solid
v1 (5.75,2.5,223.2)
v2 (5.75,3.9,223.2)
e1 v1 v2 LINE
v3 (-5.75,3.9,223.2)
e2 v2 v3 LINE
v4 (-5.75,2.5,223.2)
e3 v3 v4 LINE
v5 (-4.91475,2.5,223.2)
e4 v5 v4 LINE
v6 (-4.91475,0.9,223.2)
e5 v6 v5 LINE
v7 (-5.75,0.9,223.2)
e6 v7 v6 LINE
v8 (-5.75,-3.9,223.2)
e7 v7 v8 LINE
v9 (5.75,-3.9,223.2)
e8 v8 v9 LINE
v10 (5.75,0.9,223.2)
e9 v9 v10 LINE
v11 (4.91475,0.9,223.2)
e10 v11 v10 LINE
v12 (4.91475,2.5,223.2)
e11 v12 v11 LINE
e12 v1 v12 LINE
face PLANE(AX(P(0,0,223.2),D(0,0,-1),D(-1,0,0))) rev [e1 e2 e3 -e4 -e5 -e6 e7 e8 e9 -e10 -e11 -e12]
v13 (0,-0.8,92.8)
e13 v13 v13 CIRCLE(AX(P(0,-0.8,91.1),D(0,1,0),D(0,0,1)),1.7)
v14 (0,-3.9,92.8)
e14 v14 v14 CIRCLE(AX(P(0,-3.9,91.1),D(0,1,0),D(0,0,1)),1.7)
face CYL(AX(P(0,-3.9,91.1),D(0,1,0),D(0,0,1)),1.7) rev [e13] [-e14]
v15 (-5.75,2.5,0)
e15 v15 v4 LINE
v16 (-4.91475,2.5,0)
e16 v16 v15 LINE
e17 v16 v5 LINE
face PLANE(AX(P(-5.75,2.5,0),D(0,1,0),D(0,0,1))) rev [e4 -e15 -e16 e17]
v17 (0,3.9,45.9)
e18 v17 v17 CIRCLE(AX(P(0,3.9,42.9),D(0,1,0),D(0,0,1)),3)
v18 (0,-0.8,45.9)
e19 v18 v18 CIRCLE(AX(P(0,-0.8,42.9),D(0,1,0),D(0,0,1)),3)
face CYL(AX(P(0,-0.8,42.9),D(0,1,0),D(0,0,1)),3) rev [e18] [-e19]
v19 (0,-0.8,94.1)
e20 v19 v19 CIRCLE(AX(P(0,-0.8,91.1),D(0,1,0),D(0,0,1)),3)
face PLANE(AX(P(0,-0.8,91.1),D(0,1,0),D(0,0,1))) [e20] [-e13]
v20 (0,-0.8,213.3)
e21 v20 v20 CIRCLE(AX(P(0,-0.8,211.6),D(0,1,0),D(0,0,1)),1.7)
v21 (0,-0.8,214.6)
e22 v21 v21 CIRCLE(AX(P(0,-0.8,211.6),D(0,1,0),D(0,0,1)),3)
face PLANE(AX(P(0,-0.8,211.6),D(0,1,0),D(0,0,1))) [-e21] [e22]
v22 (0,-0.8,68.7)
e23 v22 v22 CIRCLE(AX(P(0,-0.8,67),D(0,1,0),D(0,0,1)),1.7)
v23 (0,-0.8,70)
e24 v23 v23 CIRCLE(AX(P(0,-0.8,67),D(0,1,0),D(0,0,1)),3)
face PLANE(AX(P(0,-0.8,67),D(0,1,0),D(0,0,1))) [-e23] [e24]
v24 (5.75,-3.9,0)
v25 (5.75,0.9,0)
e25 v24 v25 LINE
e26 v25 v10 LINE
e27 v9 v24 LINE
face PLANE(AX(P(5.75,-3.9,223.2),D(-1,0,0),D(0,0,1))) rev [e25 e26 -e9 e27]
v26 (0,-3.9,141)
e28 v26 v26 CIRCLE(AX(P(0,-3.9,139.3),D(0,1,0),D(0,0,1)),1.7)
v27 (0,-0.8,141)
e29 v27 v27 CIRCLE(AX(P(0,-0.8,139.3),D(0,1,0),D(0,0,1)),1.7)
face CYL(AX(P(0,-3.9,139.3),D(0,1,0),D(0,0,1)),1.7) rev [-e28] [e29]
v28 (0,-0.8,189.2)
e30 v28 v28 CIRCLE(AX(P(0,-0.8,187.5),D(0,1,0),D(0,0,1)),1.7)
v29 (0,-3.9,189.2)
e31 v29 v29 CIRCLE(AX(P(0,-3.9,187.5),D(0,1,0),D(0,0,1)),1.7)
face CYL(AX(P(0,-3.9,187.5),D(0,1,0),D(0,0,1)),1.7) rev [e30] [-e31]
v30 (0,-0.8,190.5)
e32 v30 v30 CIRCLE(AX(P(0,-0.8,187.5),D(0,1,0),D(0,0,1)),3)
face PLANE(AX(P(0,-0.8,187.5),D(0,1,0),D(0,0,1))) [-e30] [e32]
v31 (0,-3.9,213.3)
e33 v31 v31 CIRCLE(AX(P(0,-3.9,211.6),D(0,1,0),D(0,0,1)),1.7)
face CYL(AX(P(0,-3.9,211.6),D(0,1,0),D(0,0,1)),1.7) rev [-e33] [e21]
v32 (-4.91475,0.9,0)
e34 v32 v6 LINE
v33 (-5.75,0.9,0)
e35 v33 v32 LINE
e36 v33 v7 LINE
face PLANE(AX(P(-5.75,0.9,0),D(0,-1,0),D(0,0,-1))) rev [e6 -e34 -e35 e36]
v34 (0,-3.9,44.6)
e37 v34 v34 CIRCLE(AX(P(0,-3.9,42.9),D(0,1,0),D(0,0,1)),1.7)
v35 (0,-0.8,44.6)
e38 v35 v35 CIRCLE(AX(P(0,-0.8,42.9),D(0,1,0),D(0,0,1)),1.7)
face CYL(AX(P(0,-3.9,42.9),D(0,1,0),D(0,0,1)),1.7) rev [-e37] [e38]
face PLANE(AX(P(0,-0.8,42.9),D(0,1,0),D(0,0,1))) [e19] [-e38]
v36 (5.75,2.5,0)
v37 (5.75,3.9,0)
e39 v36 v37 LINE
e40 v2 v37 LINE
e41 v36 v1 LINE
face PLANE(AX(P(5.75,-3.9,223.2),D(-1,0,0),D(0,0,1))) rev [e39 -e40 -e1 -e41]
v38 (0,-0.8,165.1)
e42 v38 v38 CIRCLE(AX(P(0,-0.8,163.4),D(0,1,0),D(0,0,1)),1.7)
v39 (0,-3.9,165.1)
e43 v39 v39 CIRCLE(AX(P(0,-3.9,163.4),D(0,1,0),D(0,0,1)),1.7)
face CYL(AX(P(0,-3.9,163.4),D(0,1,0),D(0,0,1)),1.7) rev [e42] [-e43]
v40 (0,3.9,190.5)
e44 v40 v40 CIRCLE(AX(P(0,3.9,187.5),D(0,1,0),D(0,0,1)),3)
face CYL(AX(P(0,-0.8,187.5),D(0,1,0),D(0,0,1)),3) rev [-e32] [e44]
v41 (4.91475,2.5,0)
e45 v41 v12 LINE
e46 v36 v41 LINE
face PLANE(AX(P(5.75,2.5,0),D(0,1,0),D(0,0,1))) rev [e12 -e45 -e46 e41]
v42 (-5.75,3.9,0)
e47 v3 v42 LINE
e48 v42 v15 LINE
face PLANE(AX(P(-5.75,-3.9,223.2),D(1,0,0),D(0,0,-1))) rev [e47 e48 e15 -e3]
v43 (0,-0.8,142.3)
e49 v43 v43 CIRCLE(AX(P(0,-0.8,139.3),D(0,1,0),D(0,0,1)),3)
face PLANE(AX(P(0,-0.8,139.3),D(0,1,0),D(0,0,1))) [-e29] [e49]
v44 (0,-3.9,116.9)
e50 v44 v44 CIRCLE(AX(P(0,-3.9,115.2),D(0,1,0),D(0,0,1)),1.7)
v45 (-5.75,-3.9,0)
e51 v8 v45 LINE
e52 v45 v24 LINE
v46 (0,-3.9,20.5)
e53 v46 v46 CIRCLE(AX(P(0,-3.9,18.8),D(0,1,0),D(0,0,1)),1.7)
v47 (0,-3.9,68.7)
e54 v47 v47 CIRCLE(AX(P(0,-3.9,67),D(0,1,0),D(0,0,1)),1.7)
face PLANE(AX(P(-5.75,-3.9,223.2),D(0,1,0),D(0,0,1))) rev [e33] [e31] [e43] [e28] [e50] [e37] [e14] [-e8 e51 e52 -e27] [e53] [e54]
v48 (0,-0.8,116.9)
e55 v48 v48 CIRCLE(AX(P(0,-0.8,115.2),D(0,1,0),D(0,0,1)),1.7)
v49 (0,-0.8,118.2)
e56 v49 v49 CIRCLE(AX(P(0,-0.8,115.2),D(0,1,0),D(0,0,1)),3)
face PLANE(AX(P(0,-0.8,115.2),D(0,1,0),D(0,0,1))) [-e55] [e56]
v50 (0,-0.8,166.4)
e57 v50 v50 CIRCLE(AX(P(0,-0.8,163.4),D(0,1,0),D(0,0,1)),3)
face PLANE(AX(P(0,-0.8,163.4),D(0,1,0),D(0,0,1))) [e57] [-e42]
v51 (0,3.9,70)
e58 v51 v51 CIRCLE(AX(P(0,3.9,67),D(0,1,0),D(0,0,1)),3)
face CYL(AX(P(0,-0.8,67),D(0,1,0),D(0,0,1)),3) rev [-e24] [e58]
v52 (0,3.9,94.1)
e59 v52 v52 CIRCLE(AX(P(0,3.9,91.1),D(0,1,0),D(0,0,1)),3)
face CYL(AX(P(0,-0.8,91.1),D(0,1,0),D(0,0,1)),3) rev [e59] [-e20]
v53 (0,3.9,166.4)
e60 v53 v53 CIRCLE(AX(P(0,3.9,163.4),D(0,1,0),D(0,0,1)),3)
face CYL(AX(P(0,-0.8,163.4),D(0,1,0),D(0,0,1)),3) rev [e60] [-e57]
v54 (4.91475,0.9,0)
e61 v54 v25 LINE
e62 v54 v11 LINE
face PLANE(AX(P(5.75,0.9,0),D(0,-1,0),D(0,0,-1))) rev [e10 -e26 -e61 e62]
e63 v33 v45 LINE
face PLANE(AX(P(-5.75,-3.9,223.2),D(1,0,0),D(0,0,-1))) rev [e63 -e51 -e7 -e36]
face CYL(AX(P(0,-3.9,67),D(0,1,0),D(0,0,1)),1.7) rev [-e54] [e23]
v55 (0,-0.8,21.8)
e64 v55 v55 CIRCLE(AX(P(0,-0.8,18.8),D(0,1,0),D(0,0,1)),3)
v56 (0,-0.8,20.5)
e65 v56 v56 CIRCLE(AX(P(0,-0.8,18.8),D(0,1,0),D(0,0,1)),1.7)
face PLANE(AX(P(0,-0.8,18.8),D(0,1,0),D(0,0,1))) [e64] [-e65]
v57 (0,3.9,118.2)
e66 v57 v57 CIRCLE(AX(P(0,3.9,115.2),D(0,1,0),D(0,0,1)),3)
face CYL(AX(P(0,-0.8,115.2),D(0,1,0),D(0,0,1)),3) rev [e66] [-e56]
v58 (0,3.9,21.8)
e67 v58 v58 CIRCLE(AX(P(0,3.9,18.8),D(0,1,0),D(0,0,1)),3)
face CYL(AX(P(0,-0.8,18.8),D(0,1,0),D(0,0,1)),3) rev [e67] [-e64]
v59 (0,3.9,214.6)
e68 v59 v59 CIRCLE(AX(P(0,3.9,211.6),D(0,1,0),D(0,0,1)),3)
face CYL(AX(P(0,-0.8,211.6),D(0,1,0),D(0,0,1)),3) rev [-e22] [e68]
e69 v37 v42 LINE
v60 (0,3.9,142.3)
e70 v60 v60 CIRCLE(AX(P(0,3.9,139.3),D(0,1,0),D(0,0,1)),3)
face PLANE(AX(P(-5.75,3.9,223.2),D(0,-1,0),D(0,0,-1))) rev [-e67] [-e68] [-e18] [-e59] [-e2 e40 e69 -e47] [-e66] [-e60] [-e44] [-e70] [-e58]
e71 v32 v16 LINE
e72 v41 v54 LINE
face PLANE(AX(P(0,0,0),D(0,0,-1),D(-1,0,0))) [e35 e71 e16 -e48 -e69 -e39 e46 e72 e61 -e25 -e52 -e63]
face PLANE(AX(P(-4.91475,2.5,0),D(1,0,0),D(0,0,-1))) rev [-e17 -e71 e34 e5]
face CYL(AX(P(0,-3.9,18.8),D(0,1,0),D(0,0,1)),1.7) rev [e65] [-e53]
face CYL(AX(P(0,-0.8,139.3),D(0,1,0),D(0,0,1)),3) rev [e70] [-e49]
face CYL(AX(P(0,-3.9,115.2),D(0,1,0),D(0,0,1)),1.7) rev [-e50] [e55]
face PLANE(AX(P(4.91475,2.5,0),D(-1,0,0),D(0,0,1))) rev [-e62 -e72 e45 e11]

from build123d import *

# Parameters (mm, degrees)
SKETCH1_W           = 11.5
SKETCH1_H           = 7.8
BOSS_EXTRUDE1_DEPTH = 223.2
SKETCH2_W           = 0.835250229
SKETCH2_H           = 1.6
CUT_EXTRUDE1_DEPTH  = 224.308111138
SKETCH3_R           = 3
CUT_EXTRUDE2_DEPTH  = 4.7
SKETCH4_R           = 1.7
CUT_EXTRUDE3_DEPTH  = 224.323515331


with BuildPart() as part:
    # Sketch1 → Boss-Extrude1 (new body)
    with BuildSketch(Plane.XY):
        Rectangle(SKETCH1_W, SKETCH1_H)
    extrude(amount=BOSS_EXTRUDE1_DEPTH)

    # Sketch2 → Cut-Extrude1 (cut, through all)
    with BuildSketch(Plane.XY.offset(223.2)):
        with Locations((5.332374886, 1.7)):
            Rectangle(SKETCH2_W, SKETCH2_H)
        with Locations((-5.332374886, 1.7)):
            Rectangle(SKETCH2_W, SKETCH2_H)
    extrude(amount=-CUT_EXTRUDE1_DEPTH, mode=Mode.SUBTRACT)

    # Sketch3 → Cut-Extrude2 (cut)
    with BuildSketch(Plane(origin=(0, 3.9, 0), x_dir=(1, 0, 0), z_dir=(0, 1, 0))):
        with Locations(Location((0, -211.6, 0), (0, 0, 270))):
            Circle(SKETCH3_R)
        with Locations(Location((0, -187.5, 0), (0, 0, 270))):
            Circle(SKETCH3_R)
        with Locations(Location((0, -163.4, 0), (0, 0, 270))):
            Circle(SKETCH3_R)
        with Locations(Location((0, -139.3, 0), (0, 0, 270))):
            Circle(SKETCH3_R)
        with Locations(Location((0, -115.2, 0), (0, 0, 270))):
            Circle(SKETCH3_R)
        with Locations(Location((0, -91.1, 0), (0, 0, 270))):
            Circle(SKETCH3_R)
        with Locations(Location((0, -67, 0), (0, 0, 270))):
            Circle(SKETCH3_R)
        with Locations(Location((0, -42.9, 0), (0, 0, 270))):
            Circle(SKETCH3_R)
        with Locations(Location((0, -18.8, 0), (0, 0, 270))):
            Circle(SKETCH3_R)
    extrude(amount=-CUT_EXTRUDE2_DEPTH, mode=Mode.SUBTRACT)

    # Sketch4 → Cut-Extrude3 (cut, through all)
    with BuildSketch(Plane(origin=(0, -0.8, 0), x_dir=(1, 0, 0), z_dir=(0, 1, 0))):
        with Locations(Location((0, -211.6, 0), (0, 0, 270))):
            Circle(SKETCH4_R)
        with Locations(Location((0, -187.5, 0), (0, 0, 270))):
            Circle(SKETCH4_R)
        with Locations(Location((0, -163.4, 0), (0, 0, 270))):
            Circle(SKETCH4_R)
        with Locations(Location((0, -139.3, 0), (0, 0, 270))):
            Circle(SKETCH4_R)
        with Locations(Location((0, -115.2, 0), (0, 0, 270))):
            Circle(SKETCH4_R)
        with Locations(Location((0, -91.1, 0), (0, 0, 270))):
            Circle(SKETCH4_R)
        with Locations(Location((0, -67, 0), (0, 0, 270))):
            Circle(SKETCH4_R)
        with Locations(Location((0, -42.9, 0), (0, 0, 270))):
            Circle(SKETCH4_R)
        with Locations(Location((0, -18.8, 0), (0, 0, 270))):
            Circle(SKETCH4_R)
    extrude(amount=-CUT_EXTRUDE3_DEPTH, mode=Mode.SUBTRACT)


solid = part.part
